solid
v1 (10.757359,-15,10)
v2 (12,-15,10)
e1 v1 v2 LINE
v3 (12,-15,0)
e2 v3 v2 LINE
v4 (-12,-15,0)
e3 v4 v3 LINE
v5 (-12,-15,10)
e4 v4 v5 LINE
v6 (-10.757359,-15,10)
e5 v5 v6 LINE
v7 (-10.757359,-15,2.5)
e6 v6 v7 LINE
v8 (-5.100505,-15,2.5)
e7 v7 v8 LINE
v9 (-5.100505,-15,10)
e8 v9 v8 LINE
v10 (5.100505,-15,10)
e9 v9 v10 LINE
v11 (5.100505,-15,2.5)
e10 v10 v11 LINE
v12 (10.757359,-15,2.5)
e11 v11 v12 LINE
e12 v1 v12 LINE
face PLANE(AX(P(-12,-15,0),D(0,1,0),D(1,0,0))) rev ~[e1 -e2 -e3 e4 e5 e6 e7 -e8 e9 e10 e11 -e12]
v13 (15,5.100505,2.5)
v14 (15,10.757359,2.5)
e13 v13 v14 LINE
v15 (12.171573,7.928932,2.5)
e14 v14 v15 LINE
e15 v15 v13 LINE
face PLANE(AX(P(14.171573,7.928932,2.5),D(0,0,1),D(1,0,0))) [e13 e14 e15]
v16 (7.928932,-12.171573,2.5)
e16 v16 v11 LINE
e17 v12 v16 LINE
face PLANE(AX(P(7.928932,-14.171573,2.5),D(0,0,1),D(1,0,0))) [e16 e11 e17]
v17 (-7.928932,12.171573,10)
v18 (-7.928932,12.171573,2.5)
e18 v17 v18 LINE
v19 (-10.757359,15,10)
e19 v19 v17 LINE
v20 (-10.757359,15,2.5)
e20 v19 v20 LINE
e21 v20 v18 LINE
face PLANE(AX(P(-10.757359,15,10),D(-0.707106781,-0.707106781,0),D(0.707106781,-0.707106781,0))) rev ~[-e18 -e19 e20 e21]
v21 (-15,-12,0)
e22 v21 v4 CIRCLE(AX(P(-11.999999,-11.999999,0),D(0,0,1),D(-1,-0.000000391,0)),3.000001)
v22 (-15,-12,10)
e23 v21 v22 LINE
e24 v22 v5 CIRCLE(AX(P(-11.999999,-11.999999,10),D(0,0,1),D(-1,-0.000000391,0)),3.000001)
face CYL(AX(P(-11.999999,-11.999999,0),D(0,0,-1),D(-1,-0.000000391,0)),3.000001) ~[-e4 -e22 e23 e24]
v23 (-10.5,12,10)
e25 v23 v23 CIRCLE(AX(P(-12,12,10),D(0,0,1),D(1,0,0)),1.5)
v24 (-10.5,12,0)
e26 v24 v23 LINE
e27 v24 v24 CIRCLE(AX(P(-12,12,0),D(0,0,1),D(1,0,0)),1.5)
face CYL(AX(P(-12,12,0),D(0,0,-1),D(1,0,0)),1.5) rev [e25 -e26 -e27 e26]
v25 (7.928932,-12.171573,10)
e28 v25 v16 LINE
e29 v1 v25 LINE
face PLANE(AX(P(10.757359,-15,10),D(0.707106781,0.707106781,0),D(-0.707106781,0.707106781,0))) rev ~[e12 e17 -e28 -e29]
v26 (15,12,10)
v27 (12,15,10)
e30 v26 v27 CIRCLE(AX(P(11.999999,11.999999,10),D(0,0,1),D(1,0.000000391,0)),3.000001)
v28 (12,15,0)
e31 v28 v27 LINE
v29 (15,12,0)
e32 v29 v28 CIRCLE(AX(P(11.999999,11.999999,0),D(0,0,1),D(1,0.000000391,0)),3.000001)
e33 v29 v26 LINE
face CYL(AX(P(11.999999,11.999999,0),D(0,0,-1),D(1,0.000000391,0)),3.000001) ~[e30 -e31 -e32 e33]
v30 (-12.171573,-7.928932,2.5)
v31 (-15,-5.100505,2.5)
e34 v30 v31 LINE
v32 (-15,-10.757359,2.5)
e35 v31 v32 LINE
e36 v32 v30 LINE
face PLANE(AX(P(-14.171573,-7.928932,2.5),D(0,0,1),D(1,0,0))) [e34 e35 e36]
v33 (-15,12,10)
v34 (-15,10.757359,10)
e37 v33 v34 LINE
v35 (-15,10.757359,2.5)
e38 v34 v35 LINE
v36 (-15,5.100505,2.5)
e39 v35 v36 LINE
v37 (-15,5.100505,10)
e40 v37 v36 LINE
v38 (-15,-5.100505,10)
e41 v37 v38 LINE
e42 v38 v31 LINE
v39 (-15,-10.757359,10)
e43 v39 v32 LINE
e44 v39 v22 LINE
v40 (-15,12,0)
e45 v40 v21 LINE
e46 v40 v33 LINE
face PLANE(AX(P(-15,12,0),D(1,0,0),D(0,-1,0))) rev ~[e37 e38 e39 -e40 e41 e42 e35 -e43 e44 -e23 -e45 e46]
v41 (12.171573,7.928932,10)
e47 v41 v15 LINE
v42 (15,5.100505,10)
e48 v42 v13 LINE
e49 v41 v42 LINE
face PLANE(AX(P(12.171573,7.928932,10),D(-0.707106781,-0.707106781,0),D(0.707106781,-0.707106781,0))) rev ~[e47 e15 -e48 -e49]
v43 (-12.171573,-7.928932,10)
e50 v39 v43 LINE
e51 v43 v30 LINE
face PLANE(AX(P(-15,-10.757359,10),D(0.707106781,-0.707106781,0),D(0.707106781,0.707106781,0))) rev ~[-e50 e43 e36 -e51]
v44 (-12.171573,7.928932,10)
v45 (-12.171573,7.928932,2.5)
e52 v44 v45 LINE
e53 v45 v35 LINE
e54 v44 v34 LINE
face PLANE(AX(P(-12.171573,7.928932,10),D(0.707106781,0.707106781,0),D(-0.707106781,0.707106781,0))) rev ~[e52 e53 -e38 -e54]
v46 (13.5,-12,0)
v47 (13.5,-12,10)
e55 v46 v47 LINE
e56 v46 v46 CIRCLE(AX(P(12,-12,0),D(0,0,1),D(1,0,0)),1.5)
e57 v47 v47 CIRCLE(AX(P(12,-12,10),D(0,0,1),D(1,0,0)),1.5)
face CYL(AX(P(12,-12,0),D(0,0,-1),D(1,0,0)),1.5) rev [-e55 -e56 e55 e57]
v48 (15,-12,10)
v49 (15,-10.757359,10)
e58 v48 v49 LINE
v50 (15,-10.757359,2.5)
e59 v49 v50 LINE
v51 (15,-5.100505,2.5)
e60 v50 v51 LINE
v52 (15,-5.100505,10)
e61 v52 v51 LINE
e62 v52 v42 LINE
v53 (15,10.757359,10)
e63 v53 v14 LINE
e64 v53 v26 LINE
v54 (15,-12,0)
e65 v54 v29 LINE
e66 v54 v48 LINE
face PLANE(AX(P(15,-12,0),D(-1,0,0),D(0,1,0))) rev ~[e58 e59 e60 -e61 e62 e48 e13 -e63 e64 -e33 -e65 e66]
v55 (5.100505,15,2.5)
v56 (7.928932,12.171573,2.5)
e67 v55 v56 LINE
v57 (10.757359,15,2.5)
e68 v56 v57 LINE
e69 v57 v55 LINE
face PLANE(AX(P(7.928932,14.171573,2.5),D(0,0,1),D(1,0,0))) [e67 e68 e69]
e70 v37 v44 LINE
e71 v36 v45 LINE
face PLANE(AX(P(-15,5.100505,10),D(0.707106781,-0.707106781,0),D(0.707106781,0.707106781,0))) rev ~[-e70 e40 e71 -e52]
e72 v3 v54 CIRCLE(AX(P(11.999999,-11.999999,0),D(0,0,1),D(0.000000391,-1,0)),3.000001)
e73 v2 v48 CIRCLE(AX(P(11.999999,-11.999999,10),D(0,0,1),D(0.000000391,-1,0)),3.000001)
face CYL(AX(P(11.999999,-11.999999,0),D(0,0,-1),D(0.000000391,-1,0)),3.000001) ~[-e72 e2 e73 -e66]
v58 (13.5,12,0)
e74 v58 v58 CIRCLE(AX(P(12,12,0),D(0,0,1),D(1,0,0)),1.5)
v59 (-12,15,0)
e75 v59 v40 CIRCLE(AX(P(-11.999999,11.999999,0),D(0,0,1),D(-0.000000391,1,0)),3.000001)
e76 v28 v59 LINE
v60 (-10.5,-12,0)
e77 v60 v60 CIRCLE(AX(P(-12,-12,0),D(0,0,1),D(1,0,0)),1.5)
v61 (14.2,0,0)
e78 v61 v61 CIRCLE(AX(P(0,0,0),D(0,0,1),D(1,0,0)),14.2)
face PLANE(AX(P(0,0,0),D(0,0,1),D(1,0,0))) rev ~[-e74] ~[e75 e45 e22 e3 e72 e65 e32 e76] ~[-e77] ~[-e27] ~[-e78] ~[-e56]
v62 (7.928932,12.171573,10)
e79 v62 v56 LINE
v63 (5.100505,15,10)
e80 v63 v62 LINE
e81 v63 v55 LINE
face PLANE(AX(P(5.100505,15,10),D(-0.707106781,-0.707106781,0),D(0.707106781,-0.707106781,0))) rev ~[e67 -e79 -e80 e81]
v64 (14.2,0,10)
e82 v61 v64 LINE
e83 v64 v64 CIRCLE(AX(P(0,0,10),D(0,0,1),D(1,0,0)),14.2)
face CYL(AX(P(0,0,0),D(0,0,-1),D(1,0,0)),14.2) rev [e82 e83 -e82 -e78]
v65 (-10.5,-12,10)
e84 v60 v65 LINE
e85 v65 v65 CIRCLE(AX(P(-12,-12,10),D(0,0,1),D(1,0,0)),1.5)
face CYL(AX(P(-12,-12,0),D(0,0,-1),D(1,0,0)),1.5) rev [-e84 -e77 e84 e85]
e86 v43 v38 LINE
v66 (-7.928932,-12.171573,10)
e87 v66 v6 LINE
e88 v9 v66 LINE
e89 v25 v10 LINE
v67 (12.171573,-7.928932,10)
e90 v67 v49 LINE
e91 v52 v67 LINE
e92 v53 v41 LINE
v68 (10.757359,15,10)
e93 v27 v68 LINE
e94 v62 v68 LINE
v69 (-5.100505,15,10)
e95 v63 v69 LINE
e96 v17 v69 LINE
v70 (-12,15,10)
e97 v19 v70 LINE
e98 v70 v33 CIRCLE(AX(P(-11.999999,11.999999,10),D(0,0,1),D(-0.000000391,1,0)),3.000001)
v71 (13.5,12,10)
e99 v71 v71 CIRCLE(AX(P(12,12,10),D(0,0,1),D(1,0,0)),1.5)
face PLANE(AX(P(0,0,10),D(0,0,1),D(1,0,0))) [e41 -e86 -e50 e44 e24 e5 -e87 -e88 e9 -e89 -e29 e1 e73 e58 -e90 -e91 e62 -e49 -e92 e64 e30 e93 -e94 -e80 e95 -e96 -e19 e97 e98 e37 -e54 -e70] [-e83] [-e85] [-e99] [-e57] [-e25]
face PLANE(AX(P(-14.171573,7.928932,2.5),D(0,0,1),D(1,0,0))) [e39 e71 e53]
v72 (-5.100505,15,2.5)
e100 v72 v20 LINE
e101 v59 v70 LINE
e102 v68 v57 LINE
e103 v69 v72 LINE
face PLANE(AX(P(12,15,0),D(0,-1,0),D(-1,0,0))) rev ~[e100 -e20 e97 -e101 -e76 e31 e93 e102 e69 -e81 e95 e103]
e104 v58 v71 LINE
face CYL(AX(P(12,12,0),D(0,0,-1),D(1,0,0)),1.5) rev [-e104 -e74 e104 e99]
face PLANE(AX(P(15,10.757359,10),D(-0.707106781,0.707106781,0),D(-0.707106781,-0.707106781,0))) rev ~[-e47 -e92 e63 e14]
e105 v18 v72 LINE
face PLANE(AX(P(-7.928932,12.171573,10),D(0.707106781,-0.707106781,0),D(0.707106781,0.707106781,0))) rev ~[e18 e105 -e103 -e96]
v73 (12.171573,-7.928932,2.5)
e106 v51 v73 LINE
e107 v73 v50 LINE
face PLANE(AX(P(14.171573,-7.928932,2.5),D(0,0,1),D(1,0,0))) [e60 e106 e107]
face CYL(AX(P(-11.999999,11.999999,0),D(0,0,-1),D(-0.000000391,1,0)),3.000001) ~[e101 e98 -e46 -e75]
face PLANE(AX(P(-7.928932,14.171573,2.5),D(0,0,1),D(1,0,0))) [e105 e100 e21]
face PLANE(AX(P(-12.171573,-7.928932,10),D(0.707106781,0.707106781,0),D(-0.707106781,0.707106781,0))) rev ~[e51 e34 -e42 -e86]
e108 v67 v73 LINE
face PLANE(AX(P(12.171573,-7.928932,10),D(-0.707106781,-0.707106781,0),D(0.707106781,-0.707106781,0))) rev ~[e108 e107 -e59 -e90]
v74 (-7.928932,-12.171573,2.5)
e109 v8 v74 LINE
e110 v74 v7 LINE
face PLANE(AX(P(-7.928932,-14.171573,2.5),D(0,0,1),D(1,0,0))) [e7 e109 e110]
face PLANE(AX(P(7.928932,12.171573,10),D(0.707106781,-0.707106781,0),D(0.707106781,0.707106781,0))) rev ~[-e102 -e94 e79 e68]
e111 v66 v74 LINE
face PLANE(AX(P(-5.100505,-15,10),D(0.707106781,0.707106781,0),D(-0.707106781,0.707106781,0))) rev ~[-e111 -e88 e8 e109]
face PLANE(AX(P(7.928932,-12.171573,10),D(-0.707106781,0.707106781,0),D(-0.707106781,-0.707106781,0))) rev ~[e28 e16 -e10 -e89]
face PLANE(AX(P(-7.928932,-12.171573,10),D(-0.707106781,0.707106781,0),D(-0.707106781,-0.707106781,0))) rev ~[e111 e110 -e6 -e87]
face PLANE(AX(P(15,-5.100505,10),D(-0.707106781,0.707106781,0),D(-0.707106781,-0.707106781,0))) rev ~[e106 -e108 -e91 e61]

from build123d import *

# Parameters (mm, degrees)
F0_R     = 1.5
F0_R_2   = 14.2
F1_DEPTH = 10
F3_DEPTH = 7.5


with BuildPart() as f1:
    # F0 (on Top) → F1 (new body)
    with BuildSketch(Plane.XY):
        with BuildLine():
            Line((12, 15), (-12, 15))
            ThreePointArc((-12, 15), (-14.12132, 14.12132), (-15, 12))
            Line((-15, 12), (-15, -12))
            ThreePointArc((-15, -12), (-14.12132, -14.12132), (-12, -15))
            Line((-12, -15), (12, -15))
            ThreePointArc((12, -15), (14.12132, -14.12132), (15, -12))
            Line((15, -12), (15, 12))
            ThreePointArc((15, 12), (14.12132, 14.12132), (12, 15))
        make_face()
        with Locations((-12, -12)):
            Circle(F0_R, mode=Mode.SUBTRACT)
        with Locations((12, -12)):
            Circle(F0_R, mode=Mode.SUBTRACT)
        with Locations((-12, 12)):
            Circle(F0_R, mode=Mode.SUBTRACT)
        Circle(F0_R_2, mode=Mode.SUBTRACT)
        with Locations((12, 12)):
            Circle(F0_R, mode=Mode.SUBTRACT)
    extrude(amount=F1_DEPTH)

    # F2 (on face) → F3 (cut)
    with BuildSketch(Plane.XY.offset(10)):
        Polygon((-5.100505, 15), (-10.757359, 15), (-7.928932, 12.171573), align=None)
        Polygon((-15, 5.100505), (-12.171573, 7.928932), (-15, 10.757359), align=None)
        Polygon((-12.171573, -7.928932), (-15, -5.100505), (-15, -10.757359), align=None)
        Polygon((-7.928932, -12.171573), (-10.757359, -15), (-5.100505, -15), align=None)
        Polygon((7.928932, -12.171573), (5.100505, -15), (10.757359, -15), align=None)
        Polygon((12.171573, -7.928932), (15, -10.757359), (15, -5.100505), align=None)
        Polygon((12.171573, 7.928932), (15, 5.100505), (15, 10.757359), align=None)
        Polygon((7.928932, 12.171573), (10.757359, 15), (5.100505, 15), align=None)
    extrude(amount=-F3_DEPTH, mode=Mode.SUBTRACT)


solid = f1.part
